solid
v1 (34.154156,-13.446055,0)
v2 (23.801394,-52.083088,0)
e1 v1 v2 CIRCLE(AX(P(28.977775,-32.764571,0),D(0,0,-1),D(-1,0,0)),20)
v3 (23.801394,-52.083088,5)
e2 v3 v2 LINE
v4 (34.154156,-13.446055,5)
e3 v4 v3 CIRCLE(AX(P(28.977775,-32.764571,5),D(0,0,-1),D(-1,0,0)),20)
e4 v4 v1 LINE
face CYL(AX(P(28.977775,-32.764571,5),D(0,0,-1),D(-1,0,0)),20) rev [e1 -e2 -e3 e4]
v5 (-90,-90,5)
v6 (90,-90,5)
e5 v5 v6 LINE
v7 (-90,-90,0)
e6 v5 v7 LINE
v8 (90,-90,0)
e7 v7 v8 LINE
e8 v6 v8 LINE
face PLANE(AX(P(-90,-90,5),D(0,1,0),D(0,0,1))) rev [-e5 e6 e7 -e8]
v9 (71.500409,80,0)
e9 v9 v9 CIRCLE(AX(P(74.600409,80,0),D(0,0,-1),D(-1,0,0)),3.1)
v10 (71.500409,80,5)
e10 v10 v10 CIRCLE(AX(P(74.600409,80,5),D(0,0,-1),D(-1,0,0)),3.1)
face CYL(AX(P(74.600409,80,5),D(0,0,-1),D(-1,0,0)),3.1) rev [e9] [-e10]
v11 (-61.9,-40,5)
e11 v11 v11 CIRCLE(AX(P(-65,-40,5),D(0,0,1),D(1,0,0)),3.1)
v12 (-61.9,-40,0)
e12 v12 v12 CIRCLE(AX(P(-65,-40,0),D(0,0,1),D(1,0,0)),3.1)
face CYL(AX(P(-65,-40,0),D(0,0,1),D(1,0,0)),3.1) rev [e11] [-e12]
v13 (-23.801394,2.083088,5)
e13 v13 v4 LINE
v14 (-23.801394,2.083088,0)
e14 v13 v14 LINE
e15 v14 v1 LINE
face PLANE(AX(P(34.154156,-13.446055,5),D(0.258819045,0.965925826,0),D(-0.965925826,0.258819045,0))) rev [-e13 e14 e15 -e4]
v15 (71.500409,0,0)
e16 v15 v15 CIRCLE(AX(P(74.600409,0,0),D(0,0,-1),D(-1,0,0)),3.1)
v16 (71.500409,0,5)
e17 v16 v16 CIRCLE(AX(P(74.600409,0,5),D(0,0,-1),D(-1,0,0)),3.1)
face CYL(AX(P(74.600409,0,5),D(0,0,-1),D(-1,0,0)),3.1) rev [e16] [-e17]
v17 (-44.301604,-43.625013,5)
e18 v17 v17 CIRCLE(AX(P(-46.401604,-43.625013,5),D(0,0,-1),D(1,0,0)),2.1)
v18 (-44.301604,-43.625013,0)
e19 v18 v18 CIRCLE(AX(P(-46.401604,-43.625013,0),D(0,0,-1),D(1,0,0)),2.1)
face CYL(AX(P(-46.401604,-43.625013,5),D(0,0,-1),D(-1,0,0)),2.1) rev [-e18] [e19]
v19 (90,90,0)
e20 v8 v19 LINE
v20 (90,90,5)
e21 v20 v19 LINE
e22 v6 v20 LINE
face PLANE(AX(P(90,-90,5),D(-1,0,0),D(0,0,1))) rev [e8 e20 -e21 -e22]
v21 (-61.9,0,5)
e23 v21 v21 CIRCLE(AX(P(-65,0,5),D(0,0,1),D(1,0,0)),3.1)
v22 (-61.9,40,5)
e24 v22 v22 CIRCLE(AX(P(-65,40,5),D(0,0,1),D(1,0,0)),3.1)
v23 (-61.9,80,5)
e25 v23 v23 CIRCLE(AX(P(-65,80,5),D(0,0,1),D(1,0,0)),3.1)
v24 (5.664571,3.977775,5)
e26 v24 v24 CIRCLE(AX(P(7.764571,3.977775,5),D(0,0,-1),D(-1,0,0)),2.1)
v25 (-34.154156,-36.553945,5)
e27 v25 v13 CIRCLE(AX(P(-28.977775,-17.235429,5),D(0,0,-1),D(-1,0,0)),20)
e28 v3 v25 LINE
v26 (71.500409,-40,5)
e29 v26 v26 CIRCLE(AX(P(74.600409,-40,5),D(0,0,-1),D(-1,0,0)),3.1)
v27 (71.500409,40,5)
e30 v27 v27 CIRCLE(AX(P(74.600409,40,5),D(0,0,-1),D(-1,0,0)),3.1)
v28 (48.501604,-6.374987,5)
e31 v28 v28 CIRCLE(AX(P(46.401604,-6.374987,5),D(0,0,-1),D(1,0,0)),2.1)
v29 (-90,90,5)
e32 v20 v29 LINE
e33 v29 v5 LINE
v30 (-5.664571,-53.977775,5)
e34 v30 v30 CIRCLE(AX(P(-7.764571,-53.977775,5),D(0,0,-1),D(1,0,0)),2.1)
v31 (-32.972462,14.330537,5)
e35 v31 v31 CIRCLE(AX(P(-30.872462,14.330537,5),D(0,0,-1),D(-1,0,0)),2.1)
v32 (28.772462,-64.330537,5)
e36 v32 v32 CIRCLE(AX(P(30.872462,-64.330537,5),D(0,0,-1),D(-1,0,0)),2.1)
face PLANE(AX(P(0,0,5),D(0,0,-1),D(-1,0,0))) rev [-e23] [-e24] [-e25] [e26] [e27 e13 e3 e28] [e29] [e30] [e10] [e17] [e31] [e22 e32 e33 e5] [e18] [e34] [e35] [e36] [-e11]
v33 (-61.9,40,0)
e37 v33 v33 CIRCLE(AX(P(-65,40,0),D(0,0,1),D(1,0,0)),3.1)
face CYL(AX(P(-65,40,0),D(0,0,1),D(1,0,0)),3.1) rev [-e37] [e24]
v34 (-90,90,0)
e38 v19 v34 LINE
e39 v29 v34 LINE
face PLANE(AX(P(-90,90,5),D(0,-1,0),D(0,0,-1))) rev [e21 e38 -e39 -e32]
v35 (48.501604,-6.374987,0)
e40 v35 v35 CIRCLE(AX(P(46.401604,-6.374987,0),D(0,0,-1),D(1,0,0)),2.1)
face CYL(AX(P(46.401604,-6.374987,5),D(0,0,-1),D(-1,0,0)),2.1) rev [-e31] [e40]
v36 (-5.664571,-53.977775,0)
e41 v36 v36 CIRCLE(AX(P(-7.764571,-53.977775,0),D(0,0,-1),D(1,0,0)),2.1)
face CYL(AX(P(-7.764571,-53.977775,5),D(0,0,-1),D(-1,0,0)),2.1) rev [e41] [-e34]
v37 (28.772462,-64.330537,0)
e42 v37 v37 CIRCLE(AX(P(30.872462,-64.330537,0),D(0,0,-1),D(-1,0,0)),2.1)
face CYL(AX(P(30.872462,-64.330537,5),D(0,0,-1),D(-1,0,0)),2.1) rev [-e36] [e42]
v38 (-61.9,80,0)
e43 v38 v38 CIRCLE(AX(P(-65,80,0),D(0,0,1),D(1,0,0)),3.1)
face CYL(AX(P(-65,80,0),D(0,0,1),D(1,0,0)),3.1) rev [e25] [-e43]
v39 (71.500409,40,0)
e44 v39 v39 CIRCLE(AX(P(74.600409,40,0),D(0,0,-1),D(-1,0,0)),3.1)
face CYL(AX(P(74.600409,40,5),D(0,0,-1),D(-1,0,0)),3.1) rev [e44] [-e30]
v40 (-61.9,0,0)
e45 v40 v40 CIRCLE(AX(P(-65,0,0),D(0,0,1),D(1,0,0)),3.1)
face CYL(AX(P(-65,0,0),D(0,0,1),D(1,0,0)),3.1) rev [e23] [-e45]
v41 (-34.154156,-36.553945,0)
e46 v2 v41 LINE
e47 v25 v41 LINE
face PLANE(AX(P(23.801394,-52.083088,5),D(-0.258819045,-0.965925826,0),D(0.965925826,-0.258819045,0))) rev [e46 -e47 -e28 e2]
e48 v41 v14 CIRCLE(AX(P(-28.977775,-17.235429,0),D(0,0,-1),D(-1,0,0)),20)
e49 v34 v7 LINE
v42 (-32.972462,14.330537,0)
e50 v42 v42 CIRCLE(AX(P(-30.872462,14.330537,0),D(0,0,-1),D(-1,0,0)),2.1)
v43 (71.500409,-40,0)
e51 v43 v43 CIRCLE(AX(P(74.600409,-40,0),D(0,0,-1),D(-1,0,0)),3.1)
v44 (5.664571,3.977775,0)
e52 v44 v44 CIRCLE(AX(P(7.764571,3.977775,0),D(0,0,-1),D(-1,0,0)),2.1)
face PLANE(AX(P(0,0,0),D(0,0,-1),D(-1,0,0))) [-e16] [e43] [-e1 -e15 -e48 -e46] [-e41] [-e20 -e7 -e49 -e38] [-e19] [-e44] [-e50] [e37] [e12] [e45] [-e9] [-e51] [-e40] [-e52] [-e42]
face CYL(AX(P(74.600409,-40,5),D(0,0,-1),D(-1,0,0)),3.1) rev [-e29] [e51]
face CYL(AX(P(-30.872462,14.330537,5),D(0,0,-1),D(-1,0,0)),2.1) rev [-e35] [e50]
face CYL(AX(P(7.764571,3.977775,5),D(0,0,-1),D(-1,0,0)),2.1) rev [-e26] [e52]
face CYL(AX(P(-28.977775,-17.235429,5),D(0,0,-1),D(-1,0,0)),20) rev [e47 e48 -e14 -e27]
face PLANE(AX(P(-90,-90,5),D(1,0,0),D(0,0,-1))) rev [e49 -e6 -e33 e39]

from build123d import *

# Parameters (mm, degrees)
SKETCH1_W           = 180
SKETCH1_H           = 180
BOSS_EXTRUDE1_DEPTH = 5
CUT_EXTRUDE1_DEPTH  = 128.377392029
SKETCH4_R           = 3.1
CUT_EXTRUDE2_DEPTH  = 128.377392029
SKETCH5_R           = 3.1
CUT_EXTRUDE3_DEPTH  = 128.377392029
SKETCH6_R           = 2.1
CUT_EXTRUDE4_DEPTH  = 128.377392029


with BuildPart() as part:
    # Sketch1 → Boss-Extrude1 (new body)
    with BuildSketch(Plane.XY):
        Rectangle(SKETCH1_W, SKETCH1_H)
    extrude(amount=BOSS_EXTRUDE1_DEPTH)

    # Sketch3 → Cut-Extrude1 (cut, through all)
    with BuildSketch(Plane(origin=(0, 0, 0), x_dir=(-1, 0, 0), z_dir=(0, 0, -1))):
        with BuildLine():
            Line((-34.154155691, -13.446054827), (23.801393887, 2.083087879))
            ThreePointArc((23.801393887, 2.083087879), (48.296291314, -12.059047745), (34.154155691, -36.553945173))
            Line((34.154155691, -36.553945173), (-23.801393887, -52.083087879))
            ThreePointArc((-23.801393887, -52.083087879), (-48.296291314, -37.940952255), (-34.154155691, -13.446054827))
        make_face()
    extrude(amount=-CUT_EXTRUDE1_DEPTH, mode=Mode.SUBTRACT)

    # Sketch4 → Cut-Extrude2 (cut, through all)
    with BuildSketch(Plane.XY.offset(5)):
        with Locations((-65, 80)):
            Circle(SKETCH4_R)
        with Locations((-65, 40)):
            Circle(SKETCH4_R)
        with Locations((-65, 0)):
            Circle(SKETCH4_R)
        with Locations((-65, -40)):
            Circle(SKETCH4_R)
    extrude(amount=-CUT_EXTRUDE2_DEPTH, mode=Mode.SUBTRACT)

    # Sketch5 → Cut-Extrude3 (cut, through all)
    with BuildSketch(Plane(origin=(0, 0, 0), x_dir=(-1, 0, 0), z_dir=(0, 0, -1))):
        with Locations((-74.600409008, 80)):
            Circle(SKETCH5_R)
        with Locations((-74.600409008, 40)):
            Circle(SKETCH5_R)
        with Locations((-74.600409008, 0)):
            Circle(SKETCH5_R)
        with Locations((-74.600409008, -40)):
            Circle(SKETCH5_R)
    extrude(amount=-CUT_EXTRUDE3_DEPTH, mode=Mode.SUBTRACT)

    # Sketch6 → Cut-Extrude4 (cut, through all)
    with BuildSketch(Plane(origin=(0, 0, 0), x_dir=(-1, 0, 0), z_dir=(0, 0, -1))):
        with Locations((-7.764571353, 3.977774789)):
            Circle(SKETCH6_R)
        with Locations(Location((7.764571353, -53.977774789, 0), (0, 0, 180))):
            Circle(SKETCH6_R)
        with Locations(Location((46.401604405, -43.625012985, 0), (0, 0, 180))):
            Circle(SKETCH6_R)
        with Locations((30.872461698, 14.330536593)):
            Circle(SKETCH6_R)
        with Locations((-30.872461698, -64.330536593)):
            Circle(SKETCH6_R)
        with Locations(Location((-46.401604405, -6.374987015, 0), (0, 0, 180))):
            Circle(SKETCH6_R)
    extrude(amount=-CUT_EXTRUDE4_DEPTH, mode=Mode.SUBTRACT)


solid = part.part
